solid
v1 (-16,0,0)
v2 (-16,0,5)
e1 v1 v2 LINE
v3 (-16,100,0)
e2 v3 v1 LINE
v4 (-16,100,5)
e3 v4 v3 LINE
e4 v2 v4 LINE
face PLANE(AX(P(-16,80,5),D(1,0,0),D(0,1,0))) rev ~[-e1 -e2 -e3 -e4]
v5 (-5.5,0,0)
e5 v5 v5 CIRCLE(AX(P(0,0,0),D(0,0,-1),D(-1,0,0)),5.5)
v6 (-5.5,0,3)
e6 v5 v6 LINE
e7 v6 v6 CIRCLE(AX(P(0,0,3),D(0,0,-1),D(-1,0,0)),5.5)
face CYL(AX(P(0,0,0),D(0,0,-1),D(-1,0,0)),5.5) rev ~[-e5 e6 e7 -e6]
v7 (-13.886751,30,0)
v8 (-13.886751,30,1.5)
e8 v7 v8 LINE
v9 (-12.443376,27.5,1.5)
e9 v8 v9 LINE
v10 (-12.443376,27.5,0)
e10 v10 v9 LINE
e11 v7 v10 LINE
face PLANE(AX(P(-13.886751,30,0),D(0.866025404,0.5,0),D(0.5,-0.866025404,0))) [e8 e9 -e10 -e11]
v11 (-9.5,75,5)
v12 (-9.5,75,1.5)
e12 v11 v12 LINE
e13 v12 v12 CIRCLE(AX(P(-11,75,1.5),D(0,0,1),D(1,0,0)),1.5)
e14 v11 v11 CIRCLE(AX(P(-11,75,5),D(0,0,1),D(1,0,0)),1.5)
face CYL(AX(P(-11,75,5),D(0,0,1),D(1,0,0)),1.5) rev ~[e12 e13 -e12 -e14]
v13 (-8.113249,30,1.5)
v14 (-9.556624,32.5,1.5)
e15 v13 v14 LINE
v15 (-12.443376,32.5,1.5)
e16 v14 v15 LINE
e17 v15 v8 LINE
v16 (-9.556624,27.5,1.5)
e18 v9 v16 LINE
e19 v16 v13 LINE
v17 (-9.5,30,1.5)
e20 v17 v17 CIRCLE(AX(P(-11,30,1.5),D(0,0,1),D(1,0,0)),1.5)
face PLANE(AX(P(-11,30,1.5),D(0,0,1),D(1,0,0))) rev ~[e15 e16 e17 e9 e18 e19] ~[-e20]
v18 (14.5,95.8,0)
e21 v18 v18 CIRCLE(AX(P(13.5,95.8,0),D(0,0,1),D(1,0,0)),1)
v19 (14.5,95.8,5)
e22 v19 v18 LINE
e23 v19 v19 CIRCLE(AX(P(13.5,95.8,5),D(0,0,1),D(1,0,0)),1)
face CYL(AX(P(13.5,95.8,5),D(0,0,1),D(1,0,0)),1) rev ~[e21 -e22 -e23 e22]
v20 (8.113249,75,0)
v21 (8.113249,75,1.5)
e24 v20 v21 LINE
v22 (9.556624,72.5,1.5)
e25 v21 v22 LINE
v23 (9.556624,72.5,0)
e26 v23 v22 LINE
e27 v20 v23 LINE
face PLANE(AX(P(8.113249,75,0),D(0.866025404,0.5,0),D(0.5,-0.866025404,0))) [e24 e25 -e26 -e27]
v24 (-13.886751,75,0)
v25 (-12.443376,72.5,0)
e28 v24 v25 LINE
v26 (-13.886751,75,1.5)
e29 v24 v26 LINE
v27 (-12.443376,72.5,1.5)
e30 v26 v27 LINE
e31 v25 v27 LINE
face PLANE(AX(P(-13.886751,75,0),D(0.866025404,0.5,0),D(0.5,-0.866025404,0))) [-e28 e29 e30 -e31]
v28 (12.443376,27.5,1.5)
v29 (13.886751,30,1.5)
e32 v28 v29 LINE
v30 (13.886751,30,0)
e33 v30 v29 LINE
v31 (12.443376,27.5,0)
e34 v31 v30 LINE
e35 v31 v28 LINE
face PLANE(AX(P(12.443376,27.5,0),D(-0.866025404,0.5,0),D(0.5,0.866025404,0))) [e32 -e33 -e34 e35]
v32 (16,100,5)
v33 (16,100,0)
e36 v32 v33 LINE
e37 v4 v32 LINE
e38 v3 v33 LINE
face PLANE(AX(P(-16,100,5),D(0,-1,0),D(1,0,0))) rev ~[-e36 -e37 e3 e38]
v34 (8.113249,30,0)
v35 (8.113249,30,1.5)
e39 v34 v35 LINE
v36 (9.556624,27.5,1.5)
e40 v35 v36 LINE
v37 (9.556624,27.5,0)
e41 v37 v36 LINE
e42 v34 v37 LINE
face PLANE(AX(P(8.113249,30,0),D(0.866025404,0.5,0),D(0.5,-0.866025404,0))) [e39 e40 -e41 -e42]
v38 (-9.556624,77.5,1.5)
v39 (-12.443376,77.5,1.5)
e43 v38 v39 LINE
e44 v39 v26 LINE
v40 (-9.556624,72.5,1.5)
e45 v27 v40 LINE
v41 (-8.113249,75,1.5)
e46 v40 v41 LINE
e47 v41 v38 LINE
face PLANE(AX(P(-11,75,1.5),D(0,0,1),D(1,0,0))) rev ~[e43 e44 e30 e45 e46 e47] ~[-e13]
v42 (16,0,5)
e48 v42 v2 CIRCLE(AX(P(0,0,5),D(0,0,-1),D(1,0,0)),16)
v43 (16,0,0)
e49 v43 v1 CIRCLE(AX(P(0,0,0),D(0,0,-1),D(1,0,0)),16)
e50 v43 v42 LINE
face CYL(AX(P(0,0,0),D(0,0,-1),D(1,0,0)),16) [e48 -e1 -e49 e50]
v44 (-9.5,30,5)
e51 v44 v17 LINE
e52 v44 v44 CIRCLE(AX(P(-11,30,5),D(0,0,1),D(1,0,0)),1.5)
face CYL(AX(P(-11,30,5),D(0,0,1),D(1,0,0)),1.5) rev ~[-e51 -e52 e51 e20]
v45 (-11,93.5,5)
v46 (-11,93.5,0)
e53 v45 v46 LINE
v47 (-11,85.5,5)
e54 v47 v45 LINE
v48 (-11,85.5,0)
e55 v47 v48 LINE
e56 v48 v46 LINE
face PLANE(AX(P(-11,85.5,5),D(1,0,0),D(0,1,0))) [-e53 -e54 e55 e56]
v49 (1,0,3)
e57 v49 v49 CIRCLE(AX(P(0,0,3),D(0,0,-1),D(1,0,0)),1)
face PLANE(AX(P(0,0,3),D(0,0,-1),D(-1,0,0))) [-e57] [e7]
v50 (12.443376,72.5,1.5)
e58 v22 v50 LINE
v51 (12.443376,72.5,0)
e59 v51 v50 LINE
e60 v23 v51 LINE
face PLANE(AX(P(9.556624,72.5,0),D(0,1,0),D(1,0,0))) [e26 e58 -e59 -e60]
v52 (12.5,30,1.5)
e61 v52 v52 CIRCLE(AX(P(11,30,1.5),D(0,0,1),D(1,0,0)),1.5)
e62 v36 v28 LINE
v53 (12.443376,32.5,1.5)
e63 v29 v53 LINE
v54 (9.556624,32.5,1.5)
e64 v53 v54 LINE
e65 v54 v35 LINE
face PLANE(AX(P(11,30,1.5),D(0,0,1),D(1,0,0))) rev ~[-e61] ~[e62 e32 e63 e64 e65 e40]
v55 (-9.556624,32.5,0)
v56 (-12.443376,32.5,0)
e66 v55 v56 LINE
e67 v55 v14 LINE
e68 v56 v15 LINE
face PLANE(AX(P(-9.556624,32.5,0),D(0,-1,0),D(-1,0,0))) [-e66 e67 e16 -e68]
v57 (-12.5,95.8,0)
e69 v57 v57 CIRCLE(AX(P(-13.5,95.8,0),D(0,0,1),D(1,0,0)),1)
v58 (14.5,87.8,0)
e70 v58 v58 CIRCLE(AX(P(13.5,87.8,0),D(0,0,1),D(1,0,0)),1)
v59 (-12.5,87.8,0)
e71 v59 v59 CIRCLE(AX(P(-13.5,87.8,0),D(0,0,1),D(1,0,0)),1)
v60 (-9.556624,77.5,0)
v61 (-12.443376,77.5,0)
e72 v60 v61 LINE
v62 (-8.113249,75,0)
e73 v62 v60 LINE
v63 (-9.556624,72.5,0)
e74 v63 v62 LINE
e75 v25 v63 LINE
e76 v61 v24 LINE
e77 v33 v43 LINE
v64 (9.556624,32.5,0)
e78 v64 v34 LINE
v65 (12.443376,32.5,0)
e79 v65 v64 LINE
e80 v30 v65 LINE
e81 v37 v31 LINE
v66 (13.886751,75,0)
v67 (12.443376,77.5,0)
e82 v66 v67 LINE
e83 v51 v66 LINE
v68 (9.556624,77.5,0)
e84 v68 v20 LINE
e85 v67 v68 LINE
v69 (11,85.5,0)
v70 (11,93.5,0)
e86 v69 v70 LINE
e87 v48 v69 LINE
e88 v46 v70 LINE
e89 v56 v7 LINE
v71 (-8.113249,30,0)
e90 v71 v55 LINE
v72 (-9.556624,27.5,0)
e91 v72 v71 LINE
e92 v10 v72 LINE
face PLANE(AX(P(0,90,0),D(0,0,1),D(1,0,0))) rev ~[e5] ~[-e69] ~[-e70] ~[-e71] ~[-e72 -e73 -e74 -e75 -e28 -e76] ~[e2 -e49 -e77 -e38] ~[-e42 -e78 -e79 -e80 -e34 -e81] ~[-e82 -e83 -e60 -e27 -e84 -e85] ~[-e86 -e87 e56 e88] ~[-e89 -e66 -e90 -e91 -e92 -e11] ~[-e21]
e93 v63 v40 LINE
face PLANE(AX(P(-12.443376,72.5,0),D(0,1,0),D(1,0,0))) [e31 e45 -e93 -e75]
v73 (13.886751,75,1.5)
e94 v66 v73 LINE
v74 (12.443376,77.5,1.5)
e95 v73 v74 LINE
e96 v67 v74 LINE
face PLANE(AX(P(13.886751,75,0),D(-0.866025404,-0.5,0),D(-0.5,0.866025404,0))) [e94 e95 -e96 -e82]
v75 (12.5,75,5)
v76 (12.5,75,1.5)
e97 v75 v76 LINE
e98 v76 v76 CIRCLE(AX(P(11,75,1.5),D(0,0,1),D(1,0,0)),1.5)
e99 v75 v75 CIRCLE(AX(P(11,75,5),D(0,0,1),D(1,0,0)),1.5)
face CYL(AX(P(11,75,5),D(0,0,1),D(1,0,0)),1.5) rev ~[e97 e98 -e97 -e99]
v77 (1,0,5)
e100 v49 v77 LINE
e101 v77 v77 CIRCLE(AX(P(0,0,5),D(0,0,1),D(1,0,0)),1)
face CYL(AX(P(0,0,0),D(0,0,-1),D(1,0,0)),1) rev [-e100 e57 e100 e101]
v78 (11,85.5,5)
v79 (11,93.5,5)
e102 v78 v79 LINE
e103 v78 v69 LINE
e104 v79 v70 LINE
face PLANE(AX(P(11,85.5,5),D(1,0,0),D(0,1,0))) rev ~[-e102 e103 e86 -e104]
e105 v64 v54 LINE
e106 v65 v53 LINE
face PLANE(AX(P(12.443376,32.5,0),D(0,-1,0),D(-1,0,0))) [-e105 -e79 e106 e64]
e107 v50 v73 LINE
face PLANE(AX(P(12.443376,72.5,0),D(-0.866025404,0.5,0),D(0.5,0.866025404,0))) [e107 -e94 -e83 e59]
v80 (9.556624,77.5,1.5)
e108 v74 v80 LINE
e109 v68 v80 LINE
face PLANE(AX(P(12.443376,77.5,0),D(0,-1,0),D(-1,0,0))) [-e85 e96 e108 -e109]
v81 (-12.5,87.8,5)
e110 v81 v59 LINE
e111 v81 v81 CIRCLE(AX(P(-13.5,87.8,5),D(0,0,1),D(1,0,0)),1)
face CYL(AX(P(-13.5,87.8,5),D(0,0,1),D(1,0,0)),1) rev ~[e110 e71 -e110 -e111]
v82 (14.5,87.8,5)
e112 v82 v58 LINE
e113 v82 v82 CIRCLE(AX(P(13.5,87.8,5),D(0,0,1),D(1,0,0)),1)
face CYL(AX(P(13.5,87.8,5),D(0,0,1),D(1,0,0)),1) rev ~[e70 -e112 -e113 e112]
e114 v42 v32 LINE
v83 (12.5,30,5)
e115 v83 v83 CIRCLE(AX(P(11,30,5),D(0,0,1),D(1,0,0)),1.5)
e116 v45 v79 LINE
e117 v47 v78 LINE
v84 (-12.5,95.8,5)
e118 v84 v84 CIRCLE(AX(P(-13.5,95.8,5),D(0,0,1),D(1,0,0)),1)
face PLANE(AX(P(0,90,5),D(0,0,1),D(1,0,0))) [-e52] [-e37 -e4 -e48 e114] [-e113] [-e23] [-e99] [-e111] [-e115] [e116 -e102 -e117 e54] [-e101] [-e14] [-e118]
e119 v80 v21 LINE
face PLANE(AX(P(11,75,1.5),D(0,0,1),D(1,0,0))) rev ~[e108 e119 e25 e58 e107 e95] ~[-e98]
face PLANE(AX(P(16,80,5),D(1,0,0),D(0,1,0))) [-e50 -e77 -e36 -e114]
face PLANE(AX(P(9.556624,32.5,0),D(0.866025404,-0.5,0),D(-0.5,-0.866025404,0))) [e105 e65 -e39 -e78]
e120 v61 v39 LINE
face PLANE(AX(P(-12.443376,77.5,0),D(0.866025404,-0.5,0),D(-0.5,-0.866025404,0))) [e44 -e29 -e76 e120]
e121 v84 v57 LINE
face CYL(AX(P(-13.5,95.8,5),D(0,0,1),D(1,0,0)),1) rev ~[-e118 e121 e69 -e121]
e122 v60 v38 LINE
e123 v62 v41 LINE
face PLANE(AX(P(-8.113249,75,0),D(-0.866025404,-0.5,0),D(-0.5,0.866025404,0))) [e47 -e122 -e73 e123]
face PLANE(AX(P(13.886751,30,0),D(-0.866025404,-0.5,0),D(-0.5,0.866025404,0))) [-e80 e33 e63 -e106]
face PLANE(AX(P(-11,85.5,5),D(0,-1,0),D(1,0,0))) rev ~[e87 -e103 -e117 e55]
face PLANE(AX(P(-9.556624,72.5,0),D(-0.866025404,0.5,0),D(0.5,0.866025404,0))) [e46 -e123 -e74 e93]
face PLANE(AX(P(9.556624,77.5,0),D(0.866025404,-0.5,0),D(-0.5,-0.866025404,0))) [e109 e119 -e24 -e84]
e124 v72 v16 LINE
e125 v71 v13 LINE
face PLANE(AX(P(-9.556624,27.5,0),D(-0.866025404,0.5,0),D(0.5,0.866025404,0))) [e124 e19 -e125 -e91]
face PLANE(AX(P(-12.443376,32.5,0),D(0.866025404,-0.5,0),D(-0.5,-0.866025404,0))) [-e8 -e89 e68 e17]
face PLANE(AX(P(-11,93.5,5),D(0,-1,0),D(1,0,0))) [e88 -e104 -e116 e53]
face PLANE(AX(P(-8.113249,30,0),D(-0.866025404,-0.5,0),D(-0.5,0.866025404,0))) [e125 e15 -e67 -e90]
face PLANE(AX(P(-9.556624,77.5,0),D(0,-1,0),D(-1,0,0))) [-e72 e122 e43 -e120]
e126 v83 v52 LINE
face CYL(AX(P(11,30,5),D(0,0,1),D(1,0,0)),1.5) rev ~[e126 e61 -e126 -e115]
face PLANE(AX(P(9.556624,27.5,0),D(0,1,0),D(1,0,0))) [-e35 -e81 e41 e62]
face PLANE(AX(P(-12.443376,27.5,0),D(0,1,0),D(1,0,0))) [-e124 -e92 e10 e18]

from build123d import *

# Parameters (mm, degrees)
SKETCH1_R           = 1
BOSS_EXTRUDE1_DEPTH = 5
SKETCH2_R           = 5.5
CUT_EXTRUDE1_DEPTH  = 3
SKETCH3_R           = 1.5
CUT_EXTRUDE2_DEPTH  = 82.737384348
SKETCH4_W           = 32
SKETCH4_H           = 20
SKETCH4_R           = 1
SKETCH4_W_2         = 22
SKETCH4_H_2         = 8
BOSS_EXTRUDE2_DEPTH = 5
CUT_EXTRUDE3_DEPTH  = 1.5


with BuildPart() as part:
    # Sketch1 → Boss-Extrude1 (new body)
    with BuildSketch(Plane.XY):
        with BuildLine():
            Line((-16, 0), (-16, 80))
            Line((-16, 80), (16, 80))
            Line((16, 80), (16, 0))
            ThreePointArc((16, 0), (0, -16), (-16, 0))
        make_face()
        Circle(SKETCH1_R, mode=Mode.SUBTRACT)
    extrude(amount=BOSS_EXTRUDE1_DEPTH)

    # Sketch2 → Cut-Extrude1 (cut)
    with BuildSketch(Plane(origin=(0, 0, 0), x_dir=(-1, 0, 0), z_dir=(0, 0, -1))):
        Circle(SKETCH2_R)
    extrude(amount=-CUT_EXTRUDE1_DEPTH, mode=Mode.SUBTRACT)

    # Sketch3 → Cut-Extrude2 (cut, through all)
    with BuildSketch(Plane.XY.offset(5)):
        with Locations((-11, 75)):
            Circle(SKETCH3_R)
        with Locations((11, 75)):
            Circle(SKETCH3_R)
        with Locations((-11, 30)):
            Circle(SKETCH3_R)
        with Locations((11, 30)):
            Circle(SKETCH3_R)
    extrude(amount=-CUT_EXTRUDE2_DEPTH, mode=Mode.SUBTRACT)

    # Sketch4 → Boss-Extrude2 (add)
    with BuildSketch(Plane.XY.offset(5)):
        with Locations((0, 90)):
            Rectangle(SKETCH4_W, SKETCH4_H)
        with Locations((-13.5, 95.8)):
            Circle(SKETCH4_R, mode=Mode.SUBTRACT)
        with Locations((13.5, 95.8)):
            Circle(SKETCH4_R, mode=Mode.SUBTRACT)
        with Locations((-13.5, 87.8)):
            Circle(SKETCH4_R, mode=Mode.SUBTRACT)
        with Locations((13.5, 87.8)):
            Circle(SKETCH4_R, mode=Mode.SUBTRACT)
        with Locations((0, 89.5)):
            Rectangle(SKETCH4_W_2, SKETCH4_H_2, mode=Mode.SUBTRACT)
    extrude(amount=-BOSS_EXTRUDE2_DEPTH)

    # Sketch5 → Cut-Extrude3 (cut)
    with BuildSketch(Plane.XY):
        Polygon((-8.113248654, 75), (-9.556624327, 77.5), (-12.443375673, 77.5), (-13.886751346, 75), (-12.443375673, 72.5), (-9.556624327, 72.5), align=None)
        Polygon((8.113248654, 75), (9.556624327, 72.5), (12.443375673, 72.5), (13.886751346, 75), (12.443375673, 77.5), (9.556624327, 77.5), align=None)
        Polygon((8.113248654, 30), (9.556624327, 27.5), (12.443375673, 27.5), (13.886751346, 30), (12.443375673, 32.5), (9.556624327, 32.5), align=None)
        Polygon((-8.113248654, 30), (-9.556624327, 32.5), (-12.443375673, 32.5), (-13.886751346, 30), (-12.443375673, 27.5), (-9.556624327, 27.5), align=None)
    extrude(amount=CUT_EXTRUDE3_DEPTH, mode=Mode.SUBTRACT)


solid = part.part
